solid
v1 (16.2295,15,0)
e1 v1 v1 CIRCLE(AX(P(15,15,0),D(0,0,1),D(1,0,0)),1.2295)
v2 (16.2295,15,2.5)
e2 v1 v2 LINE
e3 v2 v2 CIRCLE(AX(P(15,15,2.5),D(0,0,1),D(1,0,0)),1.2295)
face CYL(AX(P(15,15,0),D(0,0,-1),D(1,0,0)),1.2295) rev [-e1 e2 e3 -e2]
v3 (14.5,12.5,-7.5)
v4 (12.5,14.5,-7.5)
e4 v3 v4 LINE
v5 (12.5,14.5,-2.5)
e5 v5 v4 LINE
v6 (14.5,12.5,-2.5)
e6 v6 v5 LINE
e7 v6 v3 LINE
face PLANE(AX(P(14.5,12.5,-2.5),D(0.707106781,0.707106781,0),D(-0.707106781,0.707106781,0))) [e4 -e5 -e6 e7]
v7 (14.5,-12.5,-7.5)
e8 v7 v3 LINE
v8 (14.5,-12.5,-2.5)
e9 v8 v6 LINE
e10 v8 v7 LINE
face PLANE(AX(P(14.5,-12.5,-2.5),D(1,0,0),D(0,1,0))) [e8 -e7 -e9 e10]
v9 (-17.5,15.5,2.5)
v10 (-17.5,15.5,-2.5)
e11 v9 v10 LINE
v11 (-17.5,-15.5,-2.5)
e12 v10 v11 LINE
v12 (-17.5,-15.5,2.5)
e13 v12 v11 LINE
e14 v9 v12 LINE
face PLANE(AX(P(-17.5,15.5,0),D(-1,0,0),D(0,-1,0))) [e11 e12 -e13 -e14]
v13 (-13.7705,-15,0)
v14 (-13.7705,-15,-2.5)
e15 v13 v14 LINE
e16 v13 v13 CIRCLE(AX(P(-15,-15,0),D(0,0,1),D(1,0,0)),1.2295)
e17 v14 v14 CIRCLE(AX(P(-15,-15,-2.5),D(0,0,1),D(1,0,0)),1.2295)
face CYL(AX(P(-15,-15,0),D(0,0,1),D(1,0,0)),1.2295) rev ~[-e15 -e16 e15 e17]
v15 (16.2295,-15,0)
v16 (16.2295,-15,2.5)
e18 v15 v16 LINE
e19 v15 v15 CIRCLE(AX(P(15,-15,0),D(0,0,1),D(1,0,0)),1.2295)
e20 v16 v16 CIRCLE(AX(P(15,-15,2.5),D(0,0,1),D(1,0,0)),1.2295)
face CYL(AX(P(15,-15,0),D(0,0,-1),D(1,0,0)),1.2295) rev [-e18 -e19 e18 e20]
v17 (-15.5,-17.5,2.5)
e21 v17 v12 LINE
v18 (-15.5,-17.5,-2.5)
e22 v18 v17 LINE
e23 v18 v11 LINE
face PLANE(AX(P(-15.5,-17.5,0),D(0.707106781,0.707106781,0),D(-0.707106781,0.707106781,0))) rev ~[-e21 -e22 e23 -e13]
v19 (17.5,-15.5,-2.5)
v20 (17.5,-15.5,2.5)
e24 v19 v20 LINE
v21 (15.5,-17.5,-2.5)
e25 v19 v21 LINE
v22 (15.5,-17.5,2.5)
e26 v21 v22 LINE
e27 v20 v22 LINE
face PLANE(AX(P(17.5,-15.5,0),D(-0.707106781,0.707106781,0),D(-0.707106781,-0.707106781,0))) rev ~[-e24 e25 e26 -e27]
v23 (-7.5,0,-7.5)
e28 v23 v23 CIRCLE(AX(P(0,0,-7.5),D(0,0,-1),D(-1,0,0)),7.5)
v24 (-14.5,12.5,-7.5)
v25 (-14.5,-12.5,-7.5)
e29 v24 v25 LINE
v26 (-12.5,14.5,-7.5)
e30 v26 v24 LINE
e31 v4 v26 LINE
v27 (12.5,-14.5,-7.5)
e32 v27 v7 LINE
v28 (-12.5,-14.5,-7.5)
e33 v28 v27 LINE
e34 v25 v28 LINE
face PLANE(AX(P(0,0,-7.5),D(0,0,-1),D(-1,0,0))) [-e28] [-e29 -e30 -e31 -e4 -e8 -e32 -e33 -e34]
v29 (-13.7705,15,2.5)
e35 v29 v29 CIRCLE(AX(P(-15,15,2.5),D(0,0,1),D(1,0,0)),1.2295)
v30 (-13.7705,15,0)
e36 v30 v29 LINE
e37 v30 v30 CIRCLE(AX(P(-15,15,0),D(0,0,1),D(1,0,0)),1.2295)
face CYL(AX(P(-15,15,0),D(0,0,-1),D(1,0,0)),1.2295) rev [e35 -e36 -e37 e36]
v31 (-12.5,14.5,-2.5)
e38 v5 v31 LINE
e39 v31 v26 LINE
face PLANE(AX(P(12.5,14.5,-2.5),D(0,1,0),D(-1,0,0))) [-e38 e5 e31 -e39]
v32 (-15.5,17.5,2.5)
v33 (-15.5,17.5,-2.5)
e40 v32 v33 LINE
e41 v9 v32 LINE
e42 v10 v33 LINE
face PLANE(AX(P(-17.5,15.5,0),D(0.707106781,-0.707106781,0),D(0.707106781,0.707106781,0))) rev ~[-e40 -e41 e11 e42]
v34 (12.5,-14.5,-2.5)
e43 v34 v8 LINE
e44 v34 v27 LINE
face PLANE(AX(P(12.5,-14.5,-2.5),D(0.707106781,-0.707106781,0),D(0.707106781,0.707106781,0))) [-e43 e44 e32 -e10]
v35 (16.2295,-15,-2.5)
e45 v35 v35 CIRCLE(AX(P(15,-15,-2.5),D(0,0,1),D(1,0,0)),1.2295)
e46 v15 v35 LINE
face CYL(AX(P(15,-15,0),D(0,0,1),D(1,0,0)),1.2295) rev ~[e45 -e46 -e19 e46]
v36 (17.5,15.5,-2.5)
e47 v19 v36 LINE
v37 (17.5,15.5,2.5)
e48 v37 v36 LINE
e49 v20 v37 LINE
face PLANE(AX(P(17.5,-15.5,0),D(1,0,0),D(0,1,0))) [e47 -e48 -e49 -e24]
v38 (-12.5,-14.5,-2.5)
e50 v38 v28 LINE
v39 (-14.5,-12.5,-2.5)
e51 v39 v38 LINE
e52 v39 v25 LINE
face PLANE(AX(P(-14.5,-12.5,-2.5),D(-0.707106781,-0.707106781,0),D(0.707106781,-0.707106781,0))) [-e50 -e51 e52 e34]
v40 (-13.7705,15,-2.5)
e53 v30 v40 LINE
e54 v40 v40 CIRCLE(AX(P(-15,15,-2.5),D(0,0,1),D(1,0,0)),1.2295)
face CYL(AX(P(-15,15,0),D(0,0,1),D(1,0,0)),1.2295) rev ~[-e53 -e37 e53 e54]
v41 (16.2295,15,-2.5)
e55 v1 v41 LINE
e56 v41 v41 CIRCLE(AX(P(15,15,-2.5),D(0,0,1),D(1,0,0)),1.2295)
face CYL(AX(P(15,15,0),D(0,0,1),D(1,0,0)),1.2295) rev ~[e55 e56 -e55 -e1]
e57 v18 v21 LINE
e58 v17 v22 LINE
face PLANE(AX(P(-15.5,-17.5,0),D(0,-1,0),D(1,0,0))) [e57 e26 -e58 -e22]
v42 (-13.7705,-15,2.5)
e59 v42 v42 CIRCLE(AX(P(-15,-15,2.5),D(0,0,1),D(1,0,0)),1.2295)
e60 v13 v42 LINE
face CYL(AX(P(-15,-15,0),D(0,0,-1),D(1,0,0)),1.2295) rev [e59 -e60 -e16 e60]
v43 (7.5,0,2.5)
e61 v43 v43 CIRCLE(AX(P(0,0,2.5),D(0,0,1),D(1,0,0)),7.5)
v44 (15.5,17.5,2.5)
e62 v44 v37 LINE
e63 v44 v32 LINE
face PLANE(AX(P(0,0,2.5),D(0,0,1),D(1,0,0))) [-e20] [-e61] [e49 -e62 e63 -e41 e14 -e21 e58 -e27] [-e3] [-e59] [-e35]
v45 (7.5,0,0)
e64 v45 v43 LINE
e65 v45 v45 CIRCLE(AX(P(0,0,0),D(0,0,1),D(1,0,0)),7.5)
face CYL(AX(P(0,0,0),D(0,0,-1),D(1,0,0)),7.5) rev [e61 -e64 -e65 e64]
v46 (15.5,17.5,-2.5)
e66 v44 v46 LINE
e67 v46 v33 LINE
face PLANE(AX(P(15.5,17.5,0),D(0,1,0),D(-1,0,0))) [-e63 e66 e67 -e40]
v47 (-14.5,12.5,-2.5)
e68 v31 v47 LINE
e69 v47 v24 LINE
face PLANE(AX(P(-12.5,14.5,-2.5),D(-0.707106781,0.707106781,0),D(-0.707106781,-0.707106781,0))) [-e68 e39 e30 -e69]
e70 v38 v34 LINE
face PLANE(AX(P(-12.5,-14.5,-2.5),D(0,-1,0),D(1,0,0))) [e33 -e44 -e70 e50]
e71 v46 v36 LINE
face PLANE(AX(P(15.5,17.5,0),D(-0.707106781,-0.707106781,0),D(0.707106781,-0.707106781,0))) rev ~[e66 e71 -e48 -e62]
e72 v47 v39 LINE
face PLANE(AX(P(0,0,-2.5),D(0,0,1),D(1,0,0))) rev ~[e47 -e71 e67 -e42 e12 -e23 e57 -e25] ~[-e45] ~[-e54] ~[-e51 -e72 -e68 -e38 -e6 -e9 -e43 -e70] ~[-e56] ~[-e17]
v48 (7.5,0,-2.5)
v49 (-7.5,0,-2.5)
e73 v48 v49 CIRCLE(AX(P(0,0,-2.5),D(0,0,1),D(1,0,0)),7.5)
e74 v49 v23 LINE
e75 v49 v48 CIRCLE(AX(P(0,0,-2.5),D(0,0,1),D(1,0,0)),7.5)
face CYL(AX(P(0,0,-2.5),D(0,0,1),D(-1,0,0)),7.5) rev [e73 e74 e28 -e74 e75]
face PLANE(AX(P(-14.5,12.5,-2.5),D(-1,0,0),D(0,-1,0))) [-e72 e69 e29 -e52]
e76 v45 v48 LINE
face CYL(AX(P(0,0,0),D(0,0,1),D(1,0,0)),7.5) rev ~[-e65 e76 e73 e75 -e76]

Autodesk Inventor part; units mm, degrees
ref_plane "YZ Plane" through (0, 0, 0) normal (1, 0, 0) x (0, 1, 0)
ref_plane "XZ Plane" through (0, 0, 0) normal (0, 1, 0) x (-1, 0, 0)
ref_plane "XY Plane" through (0, 0, 0) normal (0, 0, 1) x (1, 0, 0)
sketch "Sketch5" plane through (0, 0, 0) normal (0, 0, 1) x (1, 0, 0)
  circle A0 centre (15, -15) radius 1.2295
  circle A1 centre (-15, 15) radius 1.2295
  circle A2 centre (15, 15) radius 1.2295
  circle A3 centre (-15, -15) radius 1.2295
  line L0 (-15.5, -17.5) -> (-17.5, -15.5)
  line L1 (-15.5, -17.5) -> (15.5, -17.5)
  line L2 (17.5, -15.5) -> (15.5, -17.5)
  line L3 (17.5, -15.5) -> (17.5, 15.5)
  line L4 (15.5, 17.5) -> (17.5, 15.5)
  line L5 (15.5, 17.5) -> (-15.5, 17.5)
  line L6 (-17.5, 15.5) -> (-15.5, 17.5)
  line L7 (-17.5, 15.5) -> (-17.5, -15.5)
  circle A4 centre (0, 0) radius 7.5
  dimension "d59" = 15
extrude "Extrusion4" add sketch "Sketch5" against normal mid plane 5
sketch "Sketch6" plane through (0, 0, -2.5) normal (0, 0, -1) x (-1, 0, 0)
  line L0 (14.5, 12.5) -> (14.5, -12.5)
  line L1 (12.5, 14.5) -> (14.5, 12.5)
  line L2 (-12.5, 14.5) -> (12.5, 14.5)
  line L3 (-14.5, 12.5) -> (-12.5, 14.5)
  line L4 (-14.5, -12.5) -> (-14.5, 12.5)
  line L5 (-12.5, -14.5) -> (-14.5, -12.5)
  line L6 (12.5, -14.5) -> (-12.5, -14.5)
  line L7 (14.5, -12.5) -> (12.5, -14.5)
  circle A0 centre (0, 0) radius 7.5 projected
extrude "Extrusion5" add sketch "Sketch6" along normal blind 5
properties part number "Front cover for servo motor 250 W" material "PBT Plastic"
